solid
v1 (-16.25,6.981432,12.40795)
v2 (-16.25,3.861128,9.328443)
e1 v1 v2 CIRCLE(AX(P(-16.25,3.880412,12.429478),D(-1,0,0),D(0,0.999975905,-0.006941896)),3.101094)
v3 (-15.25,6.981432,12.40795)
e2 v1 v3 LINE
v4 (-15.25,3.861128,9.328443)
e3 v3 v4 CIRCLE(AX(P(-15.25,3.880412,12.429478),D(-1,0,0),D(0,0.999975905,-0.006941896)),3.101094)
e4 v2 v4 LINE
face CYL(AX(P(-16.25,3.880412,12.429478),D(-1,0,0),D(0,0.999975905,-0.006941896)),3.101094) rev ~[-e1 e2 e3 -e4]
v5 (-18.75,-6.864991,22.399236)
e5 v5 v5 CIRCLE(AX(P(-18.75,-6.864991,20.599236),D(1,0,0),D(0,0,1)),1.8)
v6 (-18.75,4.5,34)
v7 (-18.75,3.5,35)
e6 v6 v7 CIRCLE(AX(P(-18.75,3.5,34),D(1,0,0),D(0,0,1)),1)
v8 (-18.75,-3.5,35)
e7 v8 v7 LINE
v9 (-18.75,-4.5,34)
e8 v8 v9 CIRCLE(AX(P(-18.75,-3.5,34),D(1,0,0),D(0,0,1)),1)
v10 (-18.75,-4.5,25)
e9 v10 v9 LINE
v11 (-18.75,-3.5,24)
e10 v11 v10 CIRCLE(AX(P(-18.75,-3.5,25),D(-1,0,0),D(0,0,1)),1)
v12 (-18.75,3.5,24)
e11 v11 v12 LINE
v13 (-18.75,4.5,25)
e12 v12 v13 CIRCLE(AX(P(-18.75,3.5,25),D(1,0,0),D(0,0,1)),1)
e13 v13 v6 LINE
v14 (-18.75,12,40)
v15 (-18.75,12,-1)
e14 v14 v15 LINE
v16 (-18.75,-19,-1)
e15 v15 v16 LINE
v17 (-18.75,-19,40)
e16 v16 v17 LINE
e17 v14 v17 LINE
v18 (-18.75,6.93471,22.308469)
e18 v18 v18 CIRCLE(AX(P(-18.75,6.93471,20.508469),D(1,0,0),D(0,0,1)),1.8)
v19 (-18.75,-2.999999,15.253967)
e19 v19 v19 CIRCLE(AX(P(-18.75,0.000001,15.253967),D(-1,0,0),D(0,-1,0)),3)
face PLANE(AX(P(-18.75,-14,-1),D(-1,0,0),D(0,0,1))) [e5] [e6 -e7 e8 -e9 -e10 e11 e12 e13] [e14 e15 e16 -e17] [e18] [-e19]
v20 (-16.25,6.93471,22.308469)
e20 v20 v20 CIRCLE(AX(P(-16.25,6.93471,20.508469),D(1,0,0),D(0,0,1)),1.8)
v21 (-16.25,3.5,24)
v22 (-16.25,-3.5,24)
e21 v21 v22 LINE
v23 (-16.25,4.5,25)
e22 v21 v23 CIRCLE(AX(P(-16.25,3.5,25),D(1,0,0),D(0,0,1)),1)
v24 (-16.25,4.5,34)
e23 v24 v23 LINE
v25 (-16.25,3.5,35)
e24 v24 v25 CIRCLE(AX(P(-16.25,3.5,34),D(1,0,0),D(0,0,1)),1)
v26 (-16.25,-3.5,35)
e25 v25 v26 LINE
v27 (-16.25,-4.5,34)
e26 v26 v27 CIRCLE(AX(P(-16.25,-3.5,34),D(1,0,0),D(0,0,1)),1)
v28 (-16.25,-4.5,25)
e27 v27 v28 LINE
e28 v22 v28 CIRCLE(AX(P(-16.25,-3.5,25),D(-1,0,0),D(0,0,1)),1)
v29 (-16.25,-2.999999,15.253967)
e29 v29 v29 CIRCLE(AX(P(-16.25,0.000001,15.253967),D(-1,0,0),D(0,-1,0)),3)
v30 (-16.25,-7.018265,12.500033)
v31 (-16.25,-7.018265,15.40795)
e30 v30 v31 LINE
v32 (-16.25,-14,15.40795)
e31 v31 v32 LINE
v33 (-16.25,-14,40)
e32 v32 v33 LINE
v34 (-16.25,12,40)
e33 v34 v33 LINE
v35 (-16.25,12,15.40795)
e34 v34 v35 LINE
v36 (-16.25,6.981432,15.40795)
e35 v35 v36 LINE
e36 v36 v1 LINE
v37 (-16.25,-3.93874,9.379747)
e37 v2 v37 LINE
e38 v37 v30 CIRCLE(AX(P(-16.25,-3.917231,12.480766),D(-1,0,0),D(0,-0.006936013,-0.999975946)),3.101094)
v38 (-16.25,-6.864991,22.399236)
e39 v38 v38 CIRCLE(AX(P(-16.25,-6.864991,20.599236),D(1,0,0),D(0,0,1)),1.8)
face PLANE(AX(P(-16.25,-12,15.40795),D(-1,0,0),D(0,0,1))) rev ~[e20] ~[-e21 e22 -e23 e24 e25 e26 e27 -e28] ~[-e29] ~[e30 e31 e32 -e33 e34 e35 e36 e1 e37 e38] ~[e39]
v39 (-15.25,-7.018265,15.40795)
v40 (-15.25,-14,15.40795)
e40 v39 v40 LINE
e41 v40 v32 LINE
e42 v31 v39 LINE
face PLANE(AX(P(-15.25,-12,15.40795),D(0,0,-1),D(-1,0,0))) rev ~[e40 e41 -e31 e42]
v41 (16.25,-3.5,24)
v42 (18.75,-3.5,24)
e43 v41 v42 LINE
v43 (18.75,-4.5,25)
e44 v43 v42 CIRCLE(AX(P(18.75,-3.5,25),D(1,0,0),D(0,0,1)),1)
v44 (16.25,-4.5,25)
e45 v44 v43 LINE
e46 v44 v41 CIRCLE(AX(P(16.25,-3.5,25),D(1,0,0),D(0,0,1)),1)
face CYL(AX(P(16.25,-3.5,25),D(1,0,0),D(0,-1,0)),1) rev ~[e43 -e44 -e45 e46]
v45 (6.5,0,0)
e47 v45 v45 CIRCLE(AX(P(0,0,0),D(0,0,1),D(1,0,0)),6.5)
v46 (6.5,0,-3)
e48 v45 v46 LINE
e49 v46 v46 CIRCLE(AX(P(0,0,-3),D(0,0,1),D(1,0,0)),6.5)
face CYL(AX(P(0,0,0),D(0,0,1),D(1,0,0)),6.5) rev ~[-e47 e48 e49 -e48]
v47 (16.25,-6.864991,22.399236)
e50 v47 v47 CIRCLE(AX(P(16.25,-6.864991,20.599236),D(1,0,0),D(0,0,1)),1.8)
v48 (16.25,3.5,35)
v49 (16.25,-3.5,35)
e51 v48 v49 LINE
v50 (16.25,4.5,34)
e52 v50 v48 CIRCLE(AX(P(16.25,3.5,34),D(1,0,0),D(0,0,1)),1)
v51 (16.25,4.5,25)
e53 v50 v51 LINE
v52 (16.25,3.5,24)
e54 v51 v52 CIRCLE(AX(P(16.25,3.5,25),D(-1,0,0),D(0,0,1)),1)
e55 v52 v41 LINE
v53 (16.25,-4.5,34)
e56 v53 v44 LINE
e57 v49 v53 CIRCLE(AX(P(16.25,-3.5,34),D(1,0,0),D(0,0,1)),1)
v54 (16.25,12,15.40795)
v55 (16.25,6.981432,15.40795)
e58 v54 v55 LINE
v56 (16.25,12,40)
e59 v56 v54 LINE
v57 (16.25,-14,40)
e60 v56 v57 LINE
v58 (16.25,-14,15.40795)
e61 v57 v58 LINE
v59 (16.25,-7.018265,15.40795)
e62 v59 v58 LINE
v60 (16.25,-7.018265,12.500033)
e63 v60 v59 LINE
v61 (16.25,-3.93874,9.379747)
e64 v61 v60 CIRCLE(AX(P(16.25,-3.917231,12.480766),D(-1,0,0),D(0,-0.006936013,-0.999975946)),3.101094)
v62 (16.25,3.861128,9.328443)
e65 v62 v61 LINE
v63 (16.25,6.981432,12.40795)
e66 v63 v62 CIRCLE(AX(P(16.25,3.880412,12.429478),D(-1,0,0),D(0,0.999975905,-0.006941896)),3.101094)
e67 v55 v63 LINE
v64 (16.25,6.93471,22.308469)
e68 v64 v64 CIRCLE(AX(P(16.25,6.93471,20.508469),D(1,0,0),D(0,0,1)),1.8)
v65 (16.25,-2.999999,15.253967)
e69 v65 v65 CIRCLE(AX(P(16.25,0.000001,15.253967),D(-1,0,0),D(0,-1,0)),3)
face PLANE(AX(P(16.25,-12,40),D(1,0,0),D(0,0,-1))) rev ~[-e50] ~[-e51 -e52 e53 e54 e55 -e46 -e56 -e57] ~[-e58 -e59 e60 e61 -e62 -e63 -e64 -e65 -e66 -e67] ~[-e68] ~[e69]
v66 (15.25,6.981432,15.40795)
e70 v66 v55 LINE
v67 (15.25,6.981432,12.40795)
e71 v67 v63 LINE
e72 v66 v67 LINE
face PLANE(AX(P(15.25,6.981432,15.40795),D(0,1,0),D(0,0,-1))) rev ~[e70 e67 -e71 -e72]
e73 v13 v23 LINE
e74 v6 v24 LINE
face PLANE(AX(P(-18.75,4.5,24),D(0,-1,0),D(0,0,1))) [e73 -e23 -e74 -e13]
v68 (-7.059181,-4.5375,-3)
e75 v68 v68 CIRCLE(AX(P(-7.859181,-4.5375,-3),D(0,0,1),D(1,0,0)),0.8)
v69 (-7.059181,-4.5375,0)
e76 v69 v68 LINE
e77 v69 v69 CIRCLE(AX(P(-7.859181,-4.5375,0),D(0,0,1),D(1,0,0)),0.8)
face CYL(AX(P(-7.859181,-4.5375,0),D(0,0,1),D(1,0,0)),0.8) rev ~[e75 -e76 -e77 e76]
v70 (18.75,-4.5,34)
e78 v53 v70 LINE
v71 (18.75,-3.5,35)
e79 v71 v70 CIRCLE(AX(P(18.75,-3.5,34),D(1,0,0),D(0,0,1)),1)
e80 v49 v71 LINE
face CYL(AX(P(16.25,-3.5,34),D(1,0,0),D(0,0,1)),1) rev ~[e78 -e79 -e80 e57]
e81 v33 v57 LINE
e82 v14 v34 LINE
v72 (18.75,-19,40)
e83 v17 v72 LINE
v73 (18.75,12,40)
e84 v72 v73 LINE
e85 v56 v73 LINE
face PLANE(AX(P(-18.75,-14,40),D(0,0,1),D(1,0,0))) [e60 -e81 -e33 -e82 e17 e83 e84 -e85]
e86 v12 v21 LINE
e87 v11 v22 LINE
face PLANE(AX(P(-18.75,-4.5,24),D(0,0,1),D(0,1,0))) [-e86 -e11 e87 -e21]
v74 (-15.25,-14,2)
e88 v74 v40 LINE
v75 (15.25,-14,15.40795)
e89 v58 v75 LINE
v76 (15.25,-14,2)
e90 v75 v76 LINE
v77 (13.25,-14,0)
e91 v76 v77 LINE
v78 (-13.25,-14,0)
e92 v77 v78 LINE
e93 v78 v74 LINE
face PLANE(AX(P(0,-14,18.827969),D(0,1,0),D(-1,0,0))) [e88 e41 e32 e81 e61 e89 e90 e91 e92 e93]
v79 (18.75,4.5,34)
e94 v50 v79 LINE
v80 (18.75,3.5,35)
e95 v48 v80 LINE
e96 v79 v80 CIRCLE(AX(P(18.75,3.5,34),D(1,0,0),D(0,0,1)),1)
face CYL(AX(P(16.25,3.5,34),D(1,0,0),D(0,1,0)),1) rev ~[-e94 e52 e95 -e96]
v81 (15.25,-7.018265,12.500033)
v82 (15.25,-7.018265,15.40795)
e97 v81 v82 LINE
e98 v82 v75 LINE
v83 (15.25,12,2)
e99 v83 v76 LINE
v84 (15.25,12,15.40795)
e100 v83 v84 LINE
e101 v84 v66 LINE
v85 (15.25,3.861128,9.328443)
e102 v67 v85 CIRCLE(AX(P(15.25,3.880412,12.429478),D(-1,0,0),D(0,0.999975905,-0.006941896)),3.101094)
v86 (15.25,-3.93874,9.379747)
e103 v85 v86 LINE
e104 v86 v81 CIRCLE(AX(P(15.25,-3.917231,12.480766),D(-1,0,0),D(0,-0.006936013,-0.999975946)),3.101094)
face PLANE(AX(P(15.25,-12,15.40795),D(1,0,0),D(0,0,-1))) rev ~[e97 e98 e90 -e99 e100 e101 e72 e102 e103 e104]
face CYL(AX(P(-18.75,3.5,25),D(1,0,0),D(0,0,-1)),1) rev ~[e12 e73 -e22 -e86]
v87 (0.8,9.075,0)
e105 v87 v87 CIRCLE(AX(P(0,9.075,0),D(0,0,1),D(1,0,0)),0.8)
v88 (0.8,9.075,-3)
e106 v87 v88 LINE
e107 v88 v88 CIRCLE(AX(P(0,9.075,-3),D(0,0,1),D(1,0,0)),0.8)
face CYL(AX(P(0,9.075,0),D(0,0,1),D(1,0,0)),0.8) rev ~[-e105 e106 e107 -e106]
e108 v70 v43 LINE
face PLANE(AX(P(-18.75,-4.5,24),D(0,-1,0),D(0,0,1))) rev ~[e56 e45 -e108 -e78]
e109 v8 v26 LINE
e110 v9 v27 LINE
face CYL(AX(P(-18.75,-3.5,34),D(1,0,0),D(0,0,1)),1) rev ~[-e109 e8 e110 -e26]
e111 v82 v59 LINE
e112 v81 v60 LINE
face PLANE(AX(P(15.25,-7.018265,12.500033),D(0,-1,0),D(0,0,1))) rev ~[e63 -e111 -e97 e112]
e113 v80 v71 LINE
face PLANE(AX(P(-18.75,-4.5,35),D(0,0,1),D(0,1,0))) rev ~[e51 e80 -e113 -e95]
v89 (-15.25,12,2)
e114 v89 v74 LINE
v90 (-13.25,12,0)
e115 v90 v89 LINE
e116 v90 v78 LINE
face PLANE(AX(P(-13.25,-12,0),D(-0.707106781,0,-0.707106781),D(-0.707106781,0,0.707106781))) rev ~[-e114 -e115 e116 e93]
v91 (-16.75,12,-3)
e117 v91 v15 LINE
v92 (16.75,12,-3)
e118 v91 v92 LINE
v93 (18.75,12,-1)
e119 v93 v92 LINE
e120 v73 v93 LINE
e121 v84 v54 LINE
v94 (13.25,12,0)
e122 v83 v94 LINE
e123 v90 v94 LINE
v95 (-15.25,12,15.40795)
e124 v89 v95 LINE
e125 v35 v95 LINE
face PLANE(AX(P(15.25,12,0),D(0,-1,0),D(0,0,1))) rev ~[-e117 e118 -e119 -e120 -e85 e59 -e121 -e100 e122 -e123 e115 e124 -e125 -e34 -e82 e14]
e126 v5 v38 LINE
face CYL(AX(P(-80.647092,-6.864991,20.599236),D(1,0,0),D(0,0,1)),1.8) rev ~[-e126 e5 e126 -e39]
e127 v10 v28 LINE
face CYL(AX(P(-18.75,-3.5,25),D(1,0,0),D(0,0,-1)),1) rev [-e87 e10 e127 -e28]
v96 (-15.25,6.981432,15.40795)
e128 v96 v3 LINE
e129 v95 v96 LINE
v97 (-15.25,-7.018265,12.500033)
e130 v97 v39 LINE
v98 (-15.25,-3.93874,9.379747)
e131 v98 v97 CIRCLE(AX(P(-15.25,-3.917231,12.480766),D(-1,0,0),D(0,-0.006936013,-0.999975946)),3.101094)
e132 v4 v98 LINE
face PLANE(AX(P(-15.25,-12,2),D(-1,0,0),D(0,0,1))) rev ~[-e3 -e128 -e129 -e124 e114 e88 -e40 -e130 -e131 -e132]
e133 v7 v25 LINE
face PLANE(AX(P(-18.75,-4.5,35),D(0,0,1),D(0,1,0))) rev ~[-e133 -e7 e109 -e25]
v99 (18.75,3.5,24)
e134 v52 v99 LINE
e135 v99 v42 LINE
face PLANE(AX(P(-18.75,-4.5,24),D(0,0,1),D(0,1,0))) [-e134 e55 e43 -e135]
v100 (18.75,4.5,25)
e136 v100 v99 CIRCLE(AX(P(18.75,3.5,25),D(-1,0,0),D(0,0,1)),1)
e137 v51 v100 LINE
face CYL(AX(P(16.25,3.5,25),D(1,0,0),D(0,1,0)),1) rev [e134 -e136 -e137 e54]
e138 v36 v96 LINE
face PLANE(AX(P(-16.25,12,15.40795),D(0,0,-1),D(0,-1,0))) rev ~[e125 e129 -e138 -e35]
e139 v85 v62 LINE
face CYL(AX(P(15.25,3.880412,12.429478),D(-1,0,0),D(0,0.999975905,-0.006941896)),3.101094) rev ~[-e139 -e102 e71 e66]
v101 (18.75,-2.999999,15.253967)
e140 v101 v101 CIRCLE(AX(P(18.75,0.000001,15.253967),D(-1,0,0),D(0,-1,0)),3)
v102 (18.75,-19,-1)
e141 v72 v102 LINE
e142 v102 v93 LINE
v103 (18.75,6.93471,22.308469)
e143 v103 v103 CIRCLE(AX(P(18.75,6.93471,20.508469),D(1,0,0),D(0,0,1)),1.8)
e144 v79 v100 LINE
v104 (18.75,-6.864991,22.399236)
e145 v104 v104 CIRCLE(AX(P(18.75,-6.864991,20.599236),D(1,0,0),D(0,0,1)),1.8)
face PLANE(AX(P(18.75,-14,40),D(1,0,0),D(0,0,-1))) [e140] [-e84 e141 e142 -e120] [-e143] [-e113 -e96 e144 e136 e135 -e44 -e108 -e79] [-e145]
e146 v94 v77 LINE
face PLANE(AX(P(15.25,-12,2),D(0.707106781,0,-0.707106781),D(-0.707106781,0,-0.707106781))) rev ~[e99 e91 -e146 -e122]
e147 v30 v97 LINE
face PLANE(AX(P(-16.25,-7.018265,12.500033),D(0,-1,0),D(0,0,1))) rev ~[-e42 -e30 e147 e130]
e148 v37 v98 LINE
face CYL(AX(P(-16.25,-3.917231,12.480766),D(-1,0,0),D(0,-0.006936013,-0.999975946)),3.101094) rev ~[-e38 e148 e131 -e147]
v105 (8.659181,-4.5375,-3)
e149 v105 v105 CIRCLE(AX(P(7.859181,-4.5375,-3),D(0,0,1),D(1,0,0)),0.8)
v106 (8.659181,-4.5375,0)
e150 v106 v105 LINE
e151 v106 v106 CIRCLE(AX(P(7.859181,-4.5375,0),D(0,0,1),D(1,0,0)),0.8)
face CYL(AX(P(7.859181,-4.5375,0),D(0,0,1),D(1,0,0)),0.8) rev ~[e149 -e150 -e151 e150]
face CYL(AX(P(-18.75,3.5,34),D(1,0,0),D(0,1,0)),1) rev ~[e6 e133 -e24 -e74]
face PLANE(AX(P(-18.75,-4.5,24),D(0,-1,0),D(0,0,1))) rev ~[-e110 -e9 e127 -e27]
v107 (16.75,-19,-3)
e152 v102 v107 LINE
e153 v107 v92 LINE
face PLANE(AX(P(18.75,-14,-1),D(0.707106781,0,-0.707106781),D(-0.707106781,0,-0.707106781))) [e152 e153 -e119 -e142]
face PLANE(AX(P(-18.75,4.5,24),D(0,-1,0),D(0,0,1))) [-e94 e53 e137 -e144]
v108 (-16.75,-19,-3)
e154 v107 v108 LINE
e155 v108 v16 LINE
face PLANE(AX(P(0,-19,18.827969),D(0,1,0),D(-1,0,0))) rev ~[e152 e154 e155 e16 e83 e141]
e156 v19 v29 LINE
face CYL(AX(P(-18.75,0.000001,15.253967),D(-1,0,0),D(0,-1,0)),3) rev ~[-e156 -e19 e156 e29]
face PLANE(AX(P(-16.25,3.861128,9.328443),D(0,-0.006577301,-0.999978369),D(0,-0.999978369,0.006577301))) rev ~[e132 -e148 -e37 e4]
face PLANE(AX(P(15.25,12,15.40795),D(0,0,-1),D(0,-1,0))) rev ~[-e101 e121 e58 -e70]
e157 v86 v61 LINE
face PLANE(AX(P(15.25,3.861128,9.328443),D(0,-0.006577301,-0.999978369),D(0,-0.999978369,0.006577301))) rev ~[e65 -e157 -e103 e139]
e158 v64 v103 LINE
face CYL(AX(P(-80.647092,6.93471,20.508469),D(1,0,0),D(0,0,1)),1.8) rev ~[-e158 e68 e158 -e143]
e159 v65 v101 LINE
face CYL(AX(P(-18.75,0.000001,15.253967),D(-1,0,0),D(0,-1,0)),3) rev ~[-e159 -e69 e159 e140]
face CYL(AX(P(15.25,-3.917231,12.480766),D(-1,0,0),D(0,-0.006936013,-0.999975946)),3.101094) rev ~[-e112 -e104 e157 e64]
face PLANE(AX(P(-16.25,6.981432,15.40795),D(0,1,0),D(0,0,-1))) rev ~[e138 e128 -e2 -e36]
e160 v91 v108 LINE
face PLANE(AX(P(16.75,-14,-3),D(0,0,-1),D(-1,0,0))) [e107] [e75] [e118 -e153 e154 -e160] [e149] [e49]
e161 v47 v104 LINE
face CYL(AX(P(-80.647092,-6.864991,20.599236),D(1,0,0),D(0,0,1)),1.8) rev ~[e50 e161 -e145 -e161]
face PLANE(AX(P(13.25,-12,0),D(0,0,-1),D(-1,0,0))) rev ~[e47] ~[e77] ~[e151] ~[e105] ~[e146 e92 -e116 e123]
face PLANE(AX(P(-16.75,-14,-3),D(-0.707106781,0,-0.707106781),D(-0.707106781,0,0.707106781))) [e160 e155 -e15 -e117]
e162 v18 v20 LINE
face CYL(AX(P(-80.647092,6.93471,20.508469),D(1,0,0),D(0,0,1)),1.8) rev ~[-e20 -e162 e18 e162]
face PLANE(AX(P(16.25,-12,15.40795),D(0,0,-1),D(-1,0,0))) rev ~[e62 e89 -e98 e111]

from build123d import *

# Parameters (mm, degrees)
SKETCH1_W            = 37.5
SKETCH1_H            = 24
SKETCH1_R            = 0.8
SKETCH1_R_2          = 6.5
BOSS_EXTRUDE1_DEPTH  = 3
SKETCH2_W            = 2.5
SKETCH2_H            = 40
BOSS_EXTRUDE2_DEPTH  = 24
BOSS_EXTRUDE3_DEPTH  = 1
BOSS_EXTRUDE4_START  = 31.5
BOSS_EXTRUDE4_DEPTH  = 1
M3_CLEARANCE_HOLE1_D = 3.6
CHAMFER1_SIZE        = 2
SKETCH7_R            = 3
SKETCH7_W            = 11
SKETCH7_H            = 9
CUT_EXTRUDE1_DEPTH   = 57.127087934
FILLET1_R            = 1
BOSS_EXTRUDE5_DEPTH  = 2
BOSS_EXTRUDE6_DEPTH  = 5


with BuildPart() as part:
    # Sketch1 → Boss-Extrude1 (new body)
    with BuildSketch(Plane.XY):
        Rectangle(SKETCH1_W, SKETCH1_H)
        with Locations((0, 9.075)):
            Circle(SKETCH1_R, mode=Mode.SUBTRACT)
        with Locations((7.859180539, -4.5375)):
            Circle(SKETCH1_R, mode=Mode.SUBTRACT)
        with Locations((-7.859180539, -4.5375)):
            Circle(SKETCH1_R, mode=Mode.SUBTRACT)
        Circle(SKETCH1_R_2, mode=Mode.SUBTRACT)
    extrude(amount=-BOSS_EXTRUDE1_DEPTH)

    # Sketch2 → Boss-Extrude2 (add)
    with BuildSketch(Plane(origin=(0, 12, 0), x_dir=(1, 0, 0), z_dir=(0, 1, 0))):
        with Locations((-17.5, -20)):
            Rectangle(SKETCH2_W, SKETCH2_H)
        with Locations((17.5, -20)):
            Rectangle(SKETCH2_W, SKETCH2_H)
    extrude(amount=-BOSS_EXTRUDE2_DEPTH)

    # Sketch4 → Boss-Extrude3 (add)
    with BuildSketch(Plane(origin=(-16.25, 0, 0), x_dir=(0, 0, -1), z_dir=(1, 0, 0))):
        with BuildLine():
            Line((-9.328443352, 3.861127794), (-9.37974654, -3.938739946))
            ThreePointArc((-9.37974654, -3.938739946), (-10.302425145, -6.124404492), (-12.500032536, -7.018265261))
            Line((-12.500032536, -7.018265261), (-15.407950321, -7.018265261))
            Line((-15.407950321, -7.018265261), (-15.407950321, -12))
            Line((-15.407950321, -12), (0, -12))
            Line((0, -12), (0, 12))
            Line((0, 12), (-15.407950321, 12))
            Line((-15.407950321, 12), (-15.407950321, 6.981431896))
            Line((-15.407950321, 6.981431896), (-12.407950321, 6.981431896))
            ThreePointArc((-12.407950321, 6.981431896), (-10.222291202, 6.058740436), (-9.328443352, 3.861127794))
        make_face()
    extrude(amount=BOSS_EXTRUDE3_DEPTH)

    # Sketch4<2> → Boss-Extrude4 (add)
    with BuildSketch(Plane(origin=(-16.25, 0, 0), x_dir=(0, 0, -1), z_dir=(1, 0, 0)).offset(BOSS_EXTRUDE4_START)):
        with BuildLine():
            Line((-9.328443352, 3.861127794), (-9.37974654, -3.938739946))
            ThreePointArc((-9.37974654, -3.938739946), (-10.302425145, -6.124404492), (-12.500032536, -7.018265261))
            Line((-12.500032536, -7.018265261), (-15.407950321, -7.018265261))
            Line((-15.407950321, -7.018265261), (-15.407950321, -12))
            Line((-15.407950321, -12), (0, -12))
            Line((0, -12), (0, 12))
            Line((0, 12), (-15.407950321, 12))
            Line((-15.407950321, 12), (-15.407950321, 6.981431896))
            Line((-15.407950321, 6.981431896), (-12.407950321, 6.981431896))
            ThreePointArc((-12.407950321, 6.981431896), (-10.222291202, 6.058740436), (-9.328443352, 3.861127794))
        make_face()
    extrude(amount=BOSS_EXTRUDE4_DEPTH)

    # M3 Clearance Hole1 (through all)
    with Locations(Plane(origin=(-18.75, 0, 0), x_dir=(0, 0, -1), z_dir=(-1, 0, 0))):
        with Locations((-20.599236057, 6.864991053), (-20.508469302, -6.934710444)):
            Hole(M3_CLEARANCE_HOLE1_D / 2)

    # Chamfer1
    chamfer1_edges = [part.edges().sort_by_distance(p)[0] for p in [
        (18.75, 0, -3),
        (-18.75, 0, -3),
        (-15.25, 0, 0),
        (15.25, 0, 0),
    ]]
    chamfer(chamfer1_edges, length=CHAMFER1_SIZE)

    # Sketch7 → Cut-Extrude1 (cut, through all)
    with BuildSketch(Plane.ZY.offset(18.75)):
        with Locations(Location((15.253967317, 7.63e-07, 0), (0, 0, 270))):
            Circle(SKETCH7_R)
        with Locations((29.5, 0)):
            Rectangle(SKETCH7_W, SKETCH7_H)
    extrude(amount=-CUT_EXTRUDE1_DEPTH, mode=Mode.SUBTRACT)

    # Fillet1
    fillet1_edges = [part.edges().sort_by_distance(p)[0] for p in [
        (-17.5, -4.5, 24),
        (-17.5, 4.5, 24),
        (-17.5, 4.5, 35),
        (-17.5, -4.5, 35),
        (17.5, -4.5, 24),
        (17.5, 4.5, 24),
        (17.5, 4.5, 35),
        (17.5, -4.5, 35),
    ]]
    fillet(fillet1_edges, radius=FILLET1_R)

    # Sketch8 → Boss-Extrude5 (add)
    with BuildSketch(Plane.XZ.offset(12)):
        Polygon((-16.75, -3), (16.75, -3), (18.75, -1), (18.75, 40), (16.25, 40), (16.25, 15.407950321), (15.25, 15.407950321), (15.25, 2), (13.25, 0), (-13.25, 0), (-15.25, 2), (-15.25, 15.407950321), (-16.25, 15.407950321), (-16.25, 40), (-18.75, 40), (-18.75, -1), align=None)
    extrude(amount=BOSS_EXTRUDE5_DEPTH)

    # Sketch9 → Boss-Extrude6 (add)
    with BuildSketch(Plane.XZ.offset(14)):
        Polygon((-18.75, 40), (18.75, 40), (18.75, -1), (16.75, -3), (-16.75, -3), (-18.75, -1), align=None)
    extrude(amount=BOSS_EXTRUDE6_DEPTH)


solid = part.part
